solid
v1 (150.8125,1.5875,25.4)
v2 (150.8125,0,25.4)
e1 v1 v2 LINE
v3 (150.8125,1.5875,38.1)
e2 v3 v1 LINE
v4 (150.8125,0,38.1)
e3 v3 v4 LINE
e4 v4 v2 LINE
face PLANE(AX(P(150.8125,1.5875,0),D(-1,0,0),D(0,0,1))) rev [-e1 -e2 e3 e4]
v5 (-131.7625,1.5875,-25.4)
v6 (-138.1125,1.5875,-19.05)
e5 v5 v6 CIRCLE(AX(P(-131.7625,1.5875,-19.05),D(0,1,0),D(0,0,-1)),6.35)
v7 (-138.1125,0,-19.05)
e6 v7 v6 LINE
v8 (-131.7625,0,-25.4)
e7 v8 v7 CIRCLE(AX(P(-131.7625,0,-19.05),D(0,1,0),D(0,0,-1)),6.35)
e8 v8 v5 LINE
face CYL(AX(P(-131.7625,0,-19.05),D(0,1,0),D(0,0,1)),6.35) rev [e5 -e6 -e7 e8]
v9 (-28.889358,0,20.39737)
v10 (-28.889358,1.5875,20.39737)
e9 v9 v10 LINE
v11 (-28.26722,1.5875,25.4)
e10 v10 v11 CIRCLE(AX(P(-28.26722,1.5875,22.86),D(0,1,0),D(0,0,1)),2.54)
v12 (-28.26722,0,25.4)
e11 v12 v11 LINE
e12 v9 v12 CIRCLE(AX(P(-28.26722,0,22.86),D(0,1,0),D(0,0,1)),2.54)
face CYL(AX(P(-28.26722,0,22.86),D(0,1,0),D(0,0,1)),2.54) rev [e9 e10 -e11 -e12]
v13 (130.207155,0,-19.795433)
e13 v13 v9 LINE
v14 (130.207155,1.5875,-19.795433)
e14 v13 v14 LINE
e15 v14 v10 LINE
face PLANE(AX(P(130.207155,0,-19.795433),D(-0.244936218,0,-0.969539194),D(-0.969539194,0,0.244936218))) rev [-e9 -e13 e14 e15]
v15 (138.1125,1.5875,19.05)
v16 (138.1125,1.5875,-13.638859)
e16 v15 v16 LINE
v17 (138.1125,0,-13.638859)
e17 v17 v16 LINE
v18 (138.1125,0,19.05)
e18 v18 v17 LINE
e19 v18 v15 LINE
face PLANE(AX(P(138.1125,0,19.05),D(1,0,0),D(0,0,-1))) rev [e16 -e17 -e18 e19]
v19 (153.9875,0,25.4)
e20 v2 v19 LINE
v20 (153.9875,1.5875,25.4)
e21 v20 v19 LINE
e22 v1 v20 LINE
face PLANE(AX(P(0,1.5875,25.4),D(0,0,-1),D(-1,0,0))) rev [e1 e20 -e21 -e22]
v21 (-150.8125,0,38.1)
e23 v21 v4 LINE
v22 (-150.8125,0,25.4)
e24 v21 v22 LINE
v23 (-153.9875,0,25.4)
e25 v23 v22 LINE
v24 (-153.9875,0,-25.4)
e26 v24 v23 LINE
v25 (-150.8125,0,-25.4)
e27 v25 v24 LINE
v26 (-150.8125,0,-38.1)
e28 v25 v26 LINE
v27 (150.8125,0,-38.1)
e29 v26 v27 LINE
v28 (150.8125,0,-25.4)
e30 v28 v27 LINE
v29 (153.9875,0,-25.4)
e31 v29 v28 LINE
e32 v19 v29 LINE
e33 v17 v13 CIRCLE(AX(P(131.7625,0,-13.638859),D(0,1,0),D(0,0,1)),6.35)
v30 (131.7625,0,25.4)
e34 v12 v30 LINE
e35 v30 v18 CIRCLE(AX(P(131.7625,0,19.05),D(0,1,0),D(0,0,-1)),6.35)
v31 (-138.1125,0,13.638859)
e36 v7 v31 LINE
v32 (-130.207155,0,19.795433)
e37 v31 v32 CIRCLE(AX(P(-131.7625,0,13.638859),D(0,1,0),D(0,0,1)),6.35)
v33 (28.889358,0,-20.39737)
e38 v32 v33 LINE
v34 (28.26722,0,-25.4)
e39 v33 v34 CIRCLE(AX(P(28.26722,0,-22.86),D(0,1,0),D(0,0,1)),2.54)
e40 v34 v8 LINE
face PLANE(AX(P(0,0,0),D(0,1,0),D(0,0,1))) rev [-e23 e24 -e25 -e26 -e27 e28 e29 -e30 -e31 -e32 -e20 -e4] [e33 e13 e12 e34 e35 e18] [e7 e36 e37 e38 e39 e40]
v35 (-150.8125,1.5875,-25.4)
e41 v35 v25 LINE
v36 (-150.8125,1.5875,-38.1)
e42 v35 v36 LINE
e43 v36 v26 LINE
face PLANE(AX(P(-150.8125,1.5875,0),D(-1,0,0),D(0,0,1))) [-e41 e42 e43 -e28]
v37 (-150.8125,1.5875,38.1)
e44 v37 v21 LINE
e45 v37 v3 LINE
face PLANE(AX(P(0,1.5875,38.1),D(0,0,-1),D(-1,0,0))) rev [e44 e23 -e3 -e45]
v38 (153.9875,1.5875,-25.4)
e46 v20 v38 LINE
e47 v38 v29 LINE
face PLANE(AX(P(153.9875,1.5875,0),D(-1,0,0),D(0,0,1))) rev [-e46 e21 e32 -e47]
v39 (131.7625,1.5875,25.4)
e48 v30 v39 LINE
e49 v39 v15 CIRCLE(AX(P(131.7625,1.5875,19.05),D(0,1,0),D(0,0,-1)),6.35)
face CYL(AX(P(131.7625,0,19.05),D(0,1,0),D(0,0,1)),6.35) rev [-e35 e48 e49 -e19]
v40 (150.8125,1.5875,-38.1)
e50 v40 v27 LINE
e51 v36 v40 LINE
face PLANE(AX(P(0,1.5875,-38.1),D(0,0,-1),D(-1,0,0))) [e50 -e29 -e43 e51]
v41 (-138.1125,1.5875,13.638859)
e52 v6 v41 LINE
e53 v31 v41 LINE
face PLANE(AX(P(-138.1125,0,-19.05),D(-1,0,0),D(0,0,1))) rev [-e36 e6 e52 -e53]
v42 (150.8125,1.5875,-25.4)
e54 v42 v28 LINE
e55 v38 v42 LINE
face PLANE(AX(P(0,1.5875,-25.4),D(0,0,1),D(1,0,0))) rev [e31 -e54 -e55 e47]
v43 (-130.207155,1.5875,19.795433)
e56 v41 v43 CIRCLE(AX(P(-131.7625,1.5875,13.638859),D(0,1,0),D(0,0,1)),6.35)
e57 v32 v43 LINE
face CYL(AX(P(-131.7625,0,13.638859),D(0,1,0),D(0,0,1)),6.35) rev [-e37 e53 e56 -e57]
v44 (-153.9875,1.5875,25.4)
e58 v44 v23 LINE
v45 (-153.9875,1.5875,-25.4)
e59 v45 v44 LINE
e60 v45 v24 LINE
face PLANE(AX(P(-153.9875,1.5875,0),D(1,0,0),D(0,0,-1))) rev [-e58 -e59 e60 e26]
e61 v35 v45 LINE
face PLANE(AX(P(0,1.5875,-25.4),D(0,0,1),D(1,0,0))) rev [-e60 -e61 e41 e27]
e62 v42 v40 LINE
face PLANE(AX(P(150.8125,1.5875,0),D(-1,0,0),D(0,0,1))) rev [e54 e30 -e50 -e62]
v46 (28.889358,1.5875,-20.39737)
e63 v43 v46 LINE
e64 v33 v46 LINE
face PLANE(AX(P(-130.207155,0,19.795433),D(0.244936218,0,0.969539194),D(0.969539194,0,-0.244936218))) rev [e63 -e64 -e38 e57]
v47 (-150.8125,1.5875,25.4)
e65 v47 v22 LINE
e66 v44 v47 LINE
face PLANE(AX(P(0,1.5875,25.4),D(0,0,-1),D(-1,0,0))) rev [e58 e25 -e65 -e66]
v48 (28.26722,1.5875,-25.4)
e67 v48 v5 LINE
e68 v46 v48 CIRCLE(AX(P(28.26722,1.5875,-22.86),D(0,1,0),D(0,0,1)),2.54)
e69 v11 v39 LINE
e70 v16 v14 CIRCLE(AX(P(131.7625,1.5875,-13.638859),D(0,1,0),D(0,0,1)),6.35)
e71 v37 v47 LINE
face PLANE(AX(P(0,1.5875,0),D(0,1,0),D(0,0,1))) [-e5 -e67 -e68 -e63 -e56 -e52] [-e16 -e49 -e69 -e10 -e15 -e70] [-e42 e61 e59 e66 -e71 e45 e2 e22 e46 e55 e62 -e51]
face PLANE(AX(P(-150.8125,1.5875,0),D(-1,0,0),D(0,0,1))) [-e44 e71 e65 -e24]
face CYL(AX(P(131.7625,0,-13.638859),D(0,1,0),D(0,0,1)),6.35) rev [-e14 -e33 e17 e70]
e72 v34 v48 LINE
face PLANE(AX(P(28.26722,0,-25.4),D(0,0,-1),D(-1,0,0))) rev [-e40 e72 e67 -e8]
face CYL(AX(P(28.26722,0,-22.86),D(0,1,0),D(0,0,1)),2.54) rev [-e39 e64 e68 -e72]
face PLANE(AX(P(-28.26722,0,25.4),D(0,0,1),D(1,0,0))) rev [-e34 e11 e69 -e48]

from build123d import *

# Parameters (mm, degrees)
BOSS_EXTRUDE1_DEPTH = 1.5875
CUT_EXTRUDE1_DEPTH  = 159.638836079


with BuildPart() as part:
    # Sketch1 → Boss-Extrude1 (new body)
    with BuildSketch(Plane(origin=(0, 0, 0), x_dir=(1, 0, 0), z_dir=(0, 1, 0))):
        Polygon((-150.8125, 25.4), (-153.9875, 25.4), (-153.9875, -25.4), (-150.8125, -25.4), (-150.8125, -38.1), (150.8125, -38.1), (150.8125, -25.4), (153.9875, -25.4), (153.9875, 25.4), (150.8125, 25.4), (150.8125, 38.1), (-150.8125, 38.1), align=None)
    extrude(amount=BOSS_EXTRUDE1_DEPTH)

    # Sketch2 → Cut-Extrude1 (cut, through all)
    with BuildSketch(Plane(origin=(0, 1.5875, 0), x_dir=(1, 0, 0), z_dir=(0, 1, 0))):
        with BuildLine():
            Line((-138.1125, 19.05), (-138.1125, -13.638858994))
            ThreePointArc((-138.1125, -13.638858994), (-135.664170115, -18.648796151), (-130.207155019, -19.795432878))
            Line((-130.207155019, -19.795432878), (28.889358139, 20.397370446))
            ThreePointArc((28.889358139, 20.397370446), (30.78780332, 23.173465256), (28.267220147, 25.4))
            Line((28.267220147, 25.4), (-131.7625, 25.4))
            ThreePointArc((-131.7625, 25.4), (-136.252628061, 23.540128061), (-138.1125, 19.05))
        make_face()
        with BuildLine():
            Line((-28.267220147, -25.4), (131.7625, -25.4))
            ThreePointArc((131.7625, -25.4), (136.252628061, -23.540128061), (138.1125, -19.05))
            Line((138.1125, -19.05), (138.1125, 13.638858994))
            ThreePointArc((138.1125, 13.638858994), (135.664170115, 18.648796151), (130.207155019, 19.795432878))
            Line((130.207155019, 19.795432878), (-28.889358139, -20.397370446))
            ThreePointArc((-28.889358139, -20.397370446), (-30.78780332, -23.173465256), (-28.267220147, -25.4))
        make_face()
    extrude(amount=-CUT_EXTRUDE1_DEPTH, mode=Mode.SUBTRACT)


solid = part.part
